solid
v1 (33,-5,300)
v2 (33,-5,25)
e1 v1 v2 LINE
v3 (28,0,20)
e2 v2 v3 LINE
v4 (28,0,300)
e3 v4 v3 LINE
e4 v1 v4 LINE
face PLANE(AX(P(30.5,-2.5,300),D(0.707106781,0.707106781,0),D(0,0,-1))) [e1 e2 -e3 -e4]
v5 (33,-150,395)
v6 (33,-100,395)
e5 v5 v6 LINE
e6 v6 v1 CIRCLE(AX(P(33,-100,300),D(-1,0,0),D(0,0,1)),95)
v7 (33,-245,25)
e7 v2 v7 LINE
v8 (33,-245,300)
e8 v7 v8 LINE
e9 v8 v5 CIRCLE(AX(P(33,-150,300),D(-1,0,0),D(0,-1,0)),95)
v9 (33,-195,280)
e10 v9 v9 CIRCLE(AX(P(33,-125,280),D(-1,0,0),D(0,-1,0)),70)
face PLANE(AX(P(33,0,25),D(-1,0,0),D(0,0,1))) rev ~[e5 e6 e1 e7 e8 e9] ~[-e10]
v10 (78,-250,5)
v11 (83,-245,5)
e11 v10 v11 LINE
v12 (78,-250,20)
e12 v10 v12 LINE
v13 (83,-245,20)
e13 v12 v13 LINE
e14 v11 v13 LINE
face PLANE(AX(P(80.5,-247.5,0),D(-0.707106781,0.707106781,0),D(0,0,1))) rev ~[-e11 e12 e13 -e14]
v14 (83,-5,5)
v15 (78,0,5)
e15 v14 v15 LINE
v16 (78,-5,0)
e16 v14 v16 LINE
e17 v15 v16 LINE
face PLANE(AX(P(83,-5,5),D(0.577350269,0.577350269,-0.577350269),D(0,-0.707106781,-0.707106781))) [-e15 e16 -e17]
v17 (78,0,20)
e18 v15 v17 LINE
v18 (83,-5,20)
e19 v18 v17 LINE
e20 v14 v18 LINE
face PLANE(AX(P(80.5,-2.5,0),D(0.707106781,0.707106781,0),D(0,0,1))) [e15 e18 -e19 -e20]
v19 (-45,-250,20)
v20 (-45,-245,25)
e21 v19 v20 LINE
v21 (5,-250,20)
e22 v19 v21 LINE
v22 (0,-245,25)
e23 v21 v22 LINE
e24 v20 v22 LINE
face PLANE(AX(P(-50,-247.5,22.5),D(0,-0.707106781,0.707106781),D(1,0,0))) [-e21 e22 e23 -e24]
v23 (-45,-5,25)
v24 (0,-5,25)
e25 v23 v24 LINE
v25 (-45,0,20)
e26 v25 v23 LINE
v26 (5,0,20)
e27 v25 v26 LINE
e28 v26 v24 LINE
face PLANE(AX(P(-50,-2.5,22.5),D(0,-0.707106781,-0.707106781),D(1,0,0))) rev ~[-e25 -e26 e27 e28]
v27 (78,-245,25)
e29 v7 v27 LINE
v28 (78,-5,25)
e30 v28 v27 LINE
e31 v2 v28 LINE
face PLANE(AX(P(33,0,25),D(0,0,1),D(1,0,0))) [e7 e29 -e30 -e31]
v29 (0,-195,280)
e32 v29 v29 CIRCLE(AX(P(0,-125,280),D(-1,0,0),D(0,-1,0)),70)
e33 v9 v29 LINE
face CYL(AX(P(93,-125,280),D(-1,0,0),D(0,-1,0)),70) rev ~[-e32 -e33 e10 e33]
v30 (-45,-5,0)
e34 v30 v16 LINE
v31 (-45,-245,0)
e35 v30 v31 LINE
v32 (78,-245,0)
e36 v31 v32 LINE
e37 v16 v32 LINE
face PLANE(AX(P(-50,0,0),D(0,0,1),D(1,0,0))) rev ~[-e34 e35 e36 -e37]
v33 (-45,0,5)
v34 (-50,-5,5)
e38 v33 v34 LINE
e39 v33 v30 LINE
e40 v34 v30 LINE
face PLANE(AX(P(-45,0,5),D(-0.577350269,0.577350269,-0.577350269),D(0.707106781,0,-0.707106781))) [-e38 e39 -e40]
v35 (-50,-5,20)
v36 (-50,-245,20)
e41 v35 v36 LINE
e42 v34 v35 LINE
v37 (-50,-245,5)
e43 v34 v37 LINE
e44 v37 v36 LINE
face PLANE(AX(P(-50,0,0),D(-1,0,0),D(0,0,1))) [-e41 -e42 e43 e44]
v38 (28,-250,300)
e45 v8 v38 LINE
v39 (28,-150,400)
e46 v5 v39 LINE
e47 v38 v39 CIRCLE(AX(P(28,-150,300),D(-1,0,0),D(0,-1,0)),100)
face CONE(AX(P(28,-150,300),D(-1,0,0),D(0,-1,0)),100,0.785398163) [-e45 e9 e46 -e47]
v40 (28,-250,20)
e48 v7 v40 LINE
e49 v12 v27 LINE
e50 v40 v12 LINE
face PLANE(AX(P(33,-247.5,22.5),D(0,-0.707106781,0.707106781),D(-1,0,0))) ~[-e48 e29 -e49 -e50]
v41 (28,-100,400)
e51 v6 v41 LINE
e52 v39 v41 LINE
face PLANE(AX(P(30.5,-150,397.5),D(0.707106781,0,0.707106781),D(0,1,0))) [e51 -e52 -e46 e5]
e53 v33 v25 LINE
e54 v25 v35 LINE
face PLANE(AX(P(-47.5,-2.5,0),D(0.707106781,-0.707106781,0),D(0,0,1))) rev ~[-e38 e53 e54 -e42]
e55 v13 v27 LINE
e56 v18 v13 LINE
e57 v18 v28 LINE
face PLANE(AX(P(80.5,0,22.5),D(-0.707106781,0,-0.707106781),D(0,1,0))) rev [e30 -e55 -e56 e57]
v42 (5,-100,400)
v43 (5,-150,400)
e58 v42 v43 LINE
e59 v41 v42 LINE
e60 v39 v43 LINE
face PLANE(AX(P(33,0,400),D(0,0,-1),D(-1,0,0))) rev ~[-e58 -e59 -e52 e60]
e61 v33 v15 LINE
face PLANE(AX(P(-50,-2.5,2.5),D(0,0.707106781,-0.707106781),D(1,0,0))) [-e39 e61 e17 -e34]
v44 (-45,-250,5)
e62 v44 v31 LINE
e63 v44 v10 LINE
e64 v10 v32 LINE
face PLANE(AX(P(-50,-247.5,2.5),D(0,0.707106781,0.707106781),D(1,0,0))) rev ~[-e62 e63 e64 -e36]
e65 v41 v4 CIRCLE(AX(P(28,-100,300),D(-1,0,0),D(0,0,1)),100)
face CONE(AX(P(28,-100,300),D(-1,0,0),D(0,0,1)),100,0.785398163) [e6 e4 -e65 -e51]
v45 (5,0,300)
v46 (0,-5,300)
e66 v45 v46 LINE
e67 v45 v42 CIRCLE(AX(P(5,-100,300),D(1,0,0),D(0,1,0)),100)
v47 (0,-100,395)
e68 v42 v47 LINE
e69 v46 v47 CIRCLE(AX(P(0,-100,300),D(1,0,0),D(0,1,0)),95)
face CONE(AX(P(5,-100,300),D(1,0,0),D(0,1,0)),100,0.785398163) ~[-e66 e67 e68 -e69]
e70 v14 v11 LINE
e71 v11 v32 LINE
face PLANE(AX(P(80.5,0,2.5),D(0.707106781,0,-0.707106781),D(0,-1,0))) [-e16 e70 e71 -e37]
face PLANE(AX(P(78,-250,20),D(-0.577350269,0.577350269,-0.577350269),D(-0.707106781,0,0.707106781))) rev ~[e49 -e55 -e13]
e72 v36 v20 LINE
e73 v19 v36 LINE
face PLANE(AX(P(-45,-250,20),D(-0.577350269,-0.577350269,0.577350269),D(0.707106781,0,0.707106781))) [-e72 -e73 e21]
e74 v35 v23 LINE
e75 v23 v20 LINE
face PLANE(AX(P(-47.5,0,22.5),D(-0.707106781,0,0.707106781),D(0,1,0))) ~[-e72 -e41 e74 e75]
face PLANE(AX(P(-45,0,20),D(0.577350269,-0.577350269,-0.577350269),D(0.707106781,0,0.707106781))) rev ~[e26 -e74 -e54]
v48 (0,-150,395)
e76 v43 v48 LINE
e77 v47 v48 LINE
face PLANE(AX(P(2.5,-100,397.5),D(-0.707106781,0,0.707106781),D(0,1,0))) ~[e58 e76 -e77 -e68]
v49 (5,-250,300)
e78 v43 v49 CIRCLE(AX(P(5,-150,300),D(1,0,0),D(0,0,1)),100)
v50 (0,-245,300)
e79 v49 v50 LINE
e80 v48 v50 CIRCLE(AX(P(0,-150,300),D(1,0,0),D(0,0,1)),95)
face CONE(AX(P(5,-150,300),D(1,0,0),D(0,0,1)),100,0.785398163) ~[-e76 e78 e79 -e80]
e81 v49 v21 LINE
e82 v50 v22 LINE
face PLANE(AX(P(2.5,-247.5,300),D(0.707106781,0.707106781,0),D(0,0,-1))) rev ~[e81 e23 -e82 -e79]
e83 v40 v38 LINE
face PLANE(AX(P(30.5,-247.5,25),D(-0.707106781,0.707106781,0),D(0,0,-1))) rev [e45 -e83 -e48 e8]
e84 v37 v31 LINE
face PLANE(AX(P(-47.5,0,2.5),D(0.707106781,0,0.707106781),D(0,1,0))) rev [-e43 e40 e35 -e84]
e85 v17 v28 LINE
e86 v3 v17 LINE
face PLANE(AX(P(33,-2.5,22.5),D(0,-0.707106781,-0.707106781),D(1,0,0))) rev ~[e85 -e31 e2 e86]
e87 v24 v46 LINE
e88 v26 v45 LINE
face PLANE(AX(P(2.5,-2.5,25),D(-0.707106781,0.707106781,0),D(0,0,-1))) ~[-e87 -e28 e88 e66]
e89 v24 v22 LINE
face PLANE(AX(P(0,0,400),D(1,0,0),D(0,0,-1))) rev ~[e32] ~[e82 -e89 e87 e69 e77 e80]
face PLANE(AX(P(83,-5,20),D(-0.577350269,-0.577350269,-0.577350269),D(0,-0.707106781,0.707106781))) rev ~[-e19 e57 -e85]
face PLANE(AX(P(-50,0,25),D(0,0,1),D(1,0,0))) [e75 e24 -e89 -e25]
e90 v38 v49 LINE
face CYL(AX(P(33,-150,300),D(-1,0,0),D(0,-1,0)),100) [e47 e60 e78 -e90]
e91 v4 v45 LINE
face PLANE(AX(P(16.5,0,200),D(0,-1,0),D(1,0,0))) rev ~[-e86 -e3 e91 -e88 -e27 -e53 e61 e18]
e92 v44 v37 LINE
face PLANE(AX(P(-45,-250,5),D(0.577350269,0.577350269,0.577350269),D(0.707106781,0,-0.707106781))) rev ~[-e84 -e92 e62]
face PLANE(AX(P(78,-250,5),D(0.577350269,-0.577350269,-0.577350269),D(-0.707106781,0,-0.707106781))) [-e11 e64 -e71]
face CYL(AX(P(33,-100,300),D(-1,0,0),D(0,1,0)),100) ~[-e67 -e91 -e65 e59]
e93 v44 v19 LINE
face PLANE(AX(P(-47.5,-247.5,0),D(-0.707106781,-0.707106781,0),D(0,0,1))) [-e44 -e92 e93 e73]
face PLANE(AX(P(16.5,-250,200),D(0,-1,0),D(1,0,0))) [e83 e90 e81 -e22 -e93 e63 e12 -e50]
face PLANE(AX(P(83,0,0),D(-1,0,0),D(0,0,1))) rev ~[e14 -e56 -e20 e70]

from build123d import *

# Parameters (mm, degrees)
F0_W     = 50
F0_H     = 25
F1_DEPTH = 250
F3_D     = 140
F3_DEPTH = 60
F4_R     = 100
F5_SIZE  = 5


with BuildPart() as f1:
    # F0 (on Front) → F1 (new body)
    with BuildSketch(Plane.XZ):
        Polygon((0, 25), (0, 0), (33, 0), (33, 25), (33, 400), (0, 400), align=None)
        with Locations((-25, 12.5)):
            Rectangle(F0_W, F0_H)
        with Locations((58, 12.5)):
            Rectangle(F0_W, F0_H)
    extrude(amount=F1_DEPTH)

    # F3
    with Locations(Plane.YZ.offset(33)):
        with Locations((-125, 280)):
            Hole(F3_D / 2, depth=F3_DEPTH)

    # F4
    f4_edges = [f1.edges().sort_by_distance(p)[0] for p in [
        (16.5, 0, 400),
        (16.5, -250, 400),
    ]]
    fillet(f4_edges, radius=F4_R)

    # F5
    f5_edges = [f1.edges().sort_by_distance(p)[0] for p in [
        (-50, -125, 25),
        (-50, -125, 0),
        (-50, 0, 12.5),
        (-50, -250, 12.5),
        (-25, -250, 25),
        (0, -250, 162.5),
        (33, -250, 162.5),
        (-25, 0, 25),
        (16.5, 0, 0),
        (58, 0, 25),
        (83, 0, 12.5),
        (83, -125, 25),
        (83, -125, 0),
        (83, -250, 12.5),
        (58, -250, 25),
        (16.5, -250, 0),
    ]]
    chamfer(f5_edges, length=F5_SIZE)


solid = f1.part
